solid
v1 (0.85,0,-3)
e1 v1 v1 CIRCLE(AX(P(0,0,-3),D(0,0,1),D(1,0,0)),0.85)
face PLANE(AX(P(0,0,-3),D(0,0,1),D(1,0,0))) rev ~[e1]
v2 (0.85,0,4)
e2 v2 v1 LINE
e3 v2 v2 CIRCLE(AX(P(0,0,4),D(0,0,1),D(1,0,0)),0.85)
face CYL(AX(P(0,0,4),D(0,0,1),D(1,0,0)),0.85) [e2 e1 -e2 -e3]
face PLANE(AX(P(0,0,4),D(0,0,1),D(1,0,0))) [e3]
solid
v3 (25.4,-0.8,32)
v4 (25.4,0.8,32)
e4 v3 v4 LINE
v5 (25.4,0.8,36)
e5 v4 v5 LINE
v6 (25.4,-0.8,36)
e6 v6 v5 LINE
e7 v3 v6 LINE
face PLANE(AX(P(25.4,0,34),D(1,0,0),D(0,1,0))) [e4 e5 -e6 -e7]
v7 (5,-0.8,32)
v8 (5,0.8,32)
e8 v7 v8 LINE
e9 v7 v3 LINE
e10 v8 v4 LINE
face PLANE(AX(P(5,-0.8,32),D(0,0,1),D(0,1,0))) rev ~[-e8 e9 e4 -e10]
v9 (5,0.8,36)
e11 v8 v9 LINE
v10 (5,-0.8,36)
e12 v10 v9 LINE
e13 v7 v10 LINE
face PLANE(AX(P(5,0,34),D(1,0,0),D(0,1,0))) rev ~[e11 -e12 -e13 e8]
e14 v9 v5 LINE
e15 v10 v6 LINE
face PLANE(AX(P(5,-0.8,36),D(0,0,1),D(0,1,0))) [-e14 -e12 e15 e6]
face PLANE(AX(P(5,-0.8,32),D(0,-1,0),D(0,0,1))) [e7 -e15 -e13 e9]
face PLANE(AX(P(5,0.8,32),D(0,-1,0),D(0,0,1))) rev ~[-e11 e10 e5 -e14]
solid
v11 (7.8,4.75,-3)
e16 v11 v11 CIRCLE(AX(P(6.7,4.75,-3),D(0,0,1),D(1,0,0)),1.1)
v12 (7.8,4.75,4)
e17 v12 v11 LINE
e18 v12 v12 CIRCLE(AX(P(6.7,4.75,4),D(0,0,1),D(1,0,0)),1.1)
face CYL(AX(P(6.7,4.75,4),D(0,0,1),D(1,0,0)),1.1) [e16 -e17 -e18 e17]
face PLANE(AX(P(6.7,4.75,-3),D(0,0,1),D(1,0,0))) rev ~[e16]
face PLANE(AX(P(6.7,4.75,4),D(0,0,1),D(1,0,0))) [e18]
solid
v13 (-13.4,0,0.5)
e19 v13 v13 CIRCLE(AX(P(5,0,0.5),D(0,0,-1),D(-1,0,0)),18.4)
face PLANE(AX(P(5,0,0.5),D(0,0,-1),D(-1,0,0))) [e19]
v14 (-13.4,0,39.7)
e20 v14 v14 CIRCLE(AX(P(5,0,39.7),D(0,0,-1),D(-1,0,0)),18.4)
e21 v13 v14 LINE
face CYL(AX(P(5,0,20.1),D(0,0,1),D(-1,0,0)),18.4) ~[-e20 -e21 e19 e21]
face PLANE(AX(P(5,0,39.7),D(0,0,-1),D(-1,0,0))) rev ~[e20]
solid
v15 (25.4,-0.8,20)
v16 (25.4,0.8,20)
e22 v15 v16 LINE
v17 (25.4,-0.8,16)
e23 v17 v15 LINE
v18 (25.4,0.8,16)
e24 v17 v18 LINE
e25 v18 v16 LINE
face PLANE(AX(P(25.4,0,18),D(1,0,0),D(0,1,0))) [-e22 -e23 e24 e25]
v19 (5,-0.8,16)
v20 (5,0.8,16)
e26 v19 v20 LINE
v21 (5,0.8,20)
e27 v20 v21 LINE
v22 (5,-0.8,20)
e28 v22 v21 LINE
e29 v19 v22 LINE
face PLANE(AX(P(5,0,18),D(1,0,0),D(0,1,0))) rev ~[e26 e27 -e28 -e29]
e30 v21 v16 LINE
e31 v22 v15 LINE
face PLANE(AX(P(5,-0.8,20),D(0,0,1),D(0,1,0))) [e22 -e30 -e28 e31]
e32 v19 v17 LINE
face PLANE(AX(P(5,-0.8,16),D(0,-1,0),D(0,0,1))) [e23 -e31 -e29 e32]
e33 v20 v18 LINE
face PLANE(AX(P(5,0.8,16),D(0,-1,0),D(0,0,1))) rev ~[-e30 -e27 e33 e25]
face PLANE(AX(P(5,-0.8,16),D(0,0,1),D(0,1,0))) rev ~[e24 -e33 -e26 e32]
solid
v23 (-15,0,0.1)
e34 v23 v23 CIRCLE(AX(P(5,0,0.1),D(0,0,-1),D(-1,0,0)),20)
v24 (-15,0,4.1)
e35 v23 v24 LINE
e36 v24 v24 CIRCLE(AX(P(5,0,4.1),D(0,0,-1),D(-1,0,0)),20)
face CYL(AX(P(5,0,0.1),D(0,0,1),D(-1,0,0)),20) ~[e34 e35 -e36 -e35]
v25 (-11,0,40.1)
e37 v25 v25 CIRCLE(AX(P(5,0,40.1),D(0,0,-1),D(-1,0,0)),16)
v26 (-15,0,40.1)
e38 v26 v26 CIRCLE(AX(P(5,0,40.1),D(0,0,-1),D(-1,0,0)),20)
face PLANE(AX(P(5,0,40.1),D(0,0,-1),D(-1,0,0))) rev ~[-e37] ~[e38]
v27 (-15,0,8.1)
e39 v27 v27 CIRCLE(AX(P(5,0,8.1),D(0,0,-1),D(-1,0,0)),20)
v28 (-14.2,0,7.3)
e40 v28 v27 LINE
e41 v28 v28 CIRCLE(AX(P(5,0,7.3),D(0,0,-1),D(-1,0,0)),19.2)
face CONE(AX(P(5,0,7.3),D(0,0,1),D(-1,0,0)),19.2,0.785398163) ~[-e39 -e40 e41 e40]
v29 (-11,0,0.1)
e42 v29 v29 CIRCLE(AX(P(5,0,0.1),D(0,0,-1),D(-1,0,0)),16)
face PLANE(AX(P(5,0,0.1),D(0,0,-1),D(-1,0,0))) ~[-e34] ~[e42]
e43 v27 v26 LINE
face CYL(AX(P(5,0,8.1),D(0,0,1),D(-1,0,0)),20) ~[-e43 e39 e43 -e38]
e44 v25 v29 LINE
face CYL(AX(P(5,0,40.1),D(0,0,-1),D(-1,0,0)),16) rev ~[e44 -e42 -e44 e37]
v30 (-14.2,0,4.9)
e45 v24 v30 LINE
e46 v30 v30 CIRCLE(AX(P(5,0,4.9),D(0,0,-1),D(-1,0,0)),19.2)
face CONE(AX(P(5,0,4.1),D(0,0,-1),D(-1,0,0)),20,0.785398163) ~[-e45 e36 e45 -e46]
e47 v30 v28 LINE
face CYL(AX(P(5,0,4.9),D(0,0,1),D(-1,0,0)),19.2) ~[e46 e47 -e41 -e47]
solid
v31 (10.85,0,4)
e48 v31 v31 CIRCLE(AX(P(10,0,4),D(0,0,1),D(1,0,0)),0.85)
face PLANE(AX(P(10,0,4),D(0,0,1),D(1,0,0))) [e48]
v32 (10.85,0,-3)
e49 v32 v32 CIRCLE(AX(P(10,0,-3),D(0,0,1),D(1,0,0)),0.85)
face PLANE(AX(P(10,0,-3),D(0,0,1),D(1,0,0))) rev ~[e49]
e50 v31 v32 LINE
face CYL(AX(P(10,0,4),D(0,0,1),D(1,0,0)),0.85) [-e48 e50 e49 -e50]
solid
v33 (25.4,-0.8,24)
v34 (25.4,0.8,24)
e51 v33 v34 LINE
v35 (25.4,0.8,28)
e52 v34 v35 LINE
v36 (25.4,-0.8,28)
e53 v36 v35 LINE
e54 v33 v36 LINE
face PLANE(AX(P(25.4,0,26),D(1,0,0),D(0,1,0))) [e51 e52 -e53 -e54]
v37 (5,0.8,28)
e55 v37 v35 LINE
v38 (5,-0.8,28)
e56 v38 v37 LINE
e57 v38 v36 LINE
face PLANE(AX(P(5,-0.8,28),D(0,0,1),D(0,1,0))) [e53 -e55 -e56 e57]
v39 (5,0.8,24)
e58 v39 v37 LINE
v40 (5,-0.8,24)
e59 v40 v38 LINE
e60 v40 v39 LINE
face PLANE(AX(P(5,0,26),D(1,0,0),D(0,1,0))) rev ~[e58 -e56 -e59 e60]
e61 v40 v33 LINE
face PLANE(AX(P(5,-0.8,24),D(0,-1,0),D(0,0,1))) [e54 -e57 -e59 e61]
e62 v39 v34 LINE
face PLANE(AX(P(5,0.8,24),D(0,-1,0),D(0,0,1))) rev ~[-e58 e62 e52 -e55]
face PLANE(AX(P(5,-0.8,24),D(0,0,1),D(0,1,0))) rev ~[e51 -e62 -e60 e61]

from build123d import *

# Parameters (mm, degrees)
SKETCH002_W   = 18.4
SKETCH002_H   = 39.2
SKETCH003_R   = 0.85
SKETCH003_R_2 = 1.1
PAD_DEPTH     = 7
SKETCH004_W   = 1.6
SKETCH004_H   = 4
PAD001_DEPTH  = 20.4


with BuildPart() as revolution:
    # Sketch → Revolution (revolve)
    with BuildSketch(Plane.XZ):
        Polygon((-15, 0.1), (-15, 4.1), (-14.2, 4.9), (-14.2, 7.3), (-15, 8.1), (-15, 40.1), (-11, 40.1), (-11, 0.1), align=None)
    revolve(axis=Axis((5, 0, 7.548619), (0, 0, -1)))


with BuildPart() as revolution001:
    # Sketch002 → Revolution001 (revolve)
    with BuildSketch(Plane.XZ):
        with Locations((-4.2, 20.1)):
            Rectangle(SKETCH002_W, SKETCH002_H)
    revolve(axis=Axis((5, 0, 4.680116), (0, 0, -1)))


with BuildPart() as pad:
    # Sketch003 → Pad (new body)
    with BuildSketch(Plane.XY.offset(4)):
        Circle(SKETCH003_R)
        with Locations((10, 0)):
            Circle(SKETCH003_R)
        with Locations((6.7, 4.75)):
            Circle(SKETCH003_R_2)
    extrude(amount=-PAD_DEPTH)


with BuildPart() as pad001:
    # Sketch004 → Pad001 (new body)
    with BuildSketch(Plane.YZ.offset(5)):
        with Locations((0, 18)):
            Rectangle(SKETCH004_W, SKETCH004_H)
        with Locations((0, 26)):
            Rectangle(SKETCH004_W, SKETCH004_H)
        with Locations((0, 34)):
            Rectangle(SKETCH004_W, SKETCH004_H)
    extrude(amount=PAD001_DEPTH)


solid = Compound([revolution.part, revolution001.part, pad.part, pad001.part])
